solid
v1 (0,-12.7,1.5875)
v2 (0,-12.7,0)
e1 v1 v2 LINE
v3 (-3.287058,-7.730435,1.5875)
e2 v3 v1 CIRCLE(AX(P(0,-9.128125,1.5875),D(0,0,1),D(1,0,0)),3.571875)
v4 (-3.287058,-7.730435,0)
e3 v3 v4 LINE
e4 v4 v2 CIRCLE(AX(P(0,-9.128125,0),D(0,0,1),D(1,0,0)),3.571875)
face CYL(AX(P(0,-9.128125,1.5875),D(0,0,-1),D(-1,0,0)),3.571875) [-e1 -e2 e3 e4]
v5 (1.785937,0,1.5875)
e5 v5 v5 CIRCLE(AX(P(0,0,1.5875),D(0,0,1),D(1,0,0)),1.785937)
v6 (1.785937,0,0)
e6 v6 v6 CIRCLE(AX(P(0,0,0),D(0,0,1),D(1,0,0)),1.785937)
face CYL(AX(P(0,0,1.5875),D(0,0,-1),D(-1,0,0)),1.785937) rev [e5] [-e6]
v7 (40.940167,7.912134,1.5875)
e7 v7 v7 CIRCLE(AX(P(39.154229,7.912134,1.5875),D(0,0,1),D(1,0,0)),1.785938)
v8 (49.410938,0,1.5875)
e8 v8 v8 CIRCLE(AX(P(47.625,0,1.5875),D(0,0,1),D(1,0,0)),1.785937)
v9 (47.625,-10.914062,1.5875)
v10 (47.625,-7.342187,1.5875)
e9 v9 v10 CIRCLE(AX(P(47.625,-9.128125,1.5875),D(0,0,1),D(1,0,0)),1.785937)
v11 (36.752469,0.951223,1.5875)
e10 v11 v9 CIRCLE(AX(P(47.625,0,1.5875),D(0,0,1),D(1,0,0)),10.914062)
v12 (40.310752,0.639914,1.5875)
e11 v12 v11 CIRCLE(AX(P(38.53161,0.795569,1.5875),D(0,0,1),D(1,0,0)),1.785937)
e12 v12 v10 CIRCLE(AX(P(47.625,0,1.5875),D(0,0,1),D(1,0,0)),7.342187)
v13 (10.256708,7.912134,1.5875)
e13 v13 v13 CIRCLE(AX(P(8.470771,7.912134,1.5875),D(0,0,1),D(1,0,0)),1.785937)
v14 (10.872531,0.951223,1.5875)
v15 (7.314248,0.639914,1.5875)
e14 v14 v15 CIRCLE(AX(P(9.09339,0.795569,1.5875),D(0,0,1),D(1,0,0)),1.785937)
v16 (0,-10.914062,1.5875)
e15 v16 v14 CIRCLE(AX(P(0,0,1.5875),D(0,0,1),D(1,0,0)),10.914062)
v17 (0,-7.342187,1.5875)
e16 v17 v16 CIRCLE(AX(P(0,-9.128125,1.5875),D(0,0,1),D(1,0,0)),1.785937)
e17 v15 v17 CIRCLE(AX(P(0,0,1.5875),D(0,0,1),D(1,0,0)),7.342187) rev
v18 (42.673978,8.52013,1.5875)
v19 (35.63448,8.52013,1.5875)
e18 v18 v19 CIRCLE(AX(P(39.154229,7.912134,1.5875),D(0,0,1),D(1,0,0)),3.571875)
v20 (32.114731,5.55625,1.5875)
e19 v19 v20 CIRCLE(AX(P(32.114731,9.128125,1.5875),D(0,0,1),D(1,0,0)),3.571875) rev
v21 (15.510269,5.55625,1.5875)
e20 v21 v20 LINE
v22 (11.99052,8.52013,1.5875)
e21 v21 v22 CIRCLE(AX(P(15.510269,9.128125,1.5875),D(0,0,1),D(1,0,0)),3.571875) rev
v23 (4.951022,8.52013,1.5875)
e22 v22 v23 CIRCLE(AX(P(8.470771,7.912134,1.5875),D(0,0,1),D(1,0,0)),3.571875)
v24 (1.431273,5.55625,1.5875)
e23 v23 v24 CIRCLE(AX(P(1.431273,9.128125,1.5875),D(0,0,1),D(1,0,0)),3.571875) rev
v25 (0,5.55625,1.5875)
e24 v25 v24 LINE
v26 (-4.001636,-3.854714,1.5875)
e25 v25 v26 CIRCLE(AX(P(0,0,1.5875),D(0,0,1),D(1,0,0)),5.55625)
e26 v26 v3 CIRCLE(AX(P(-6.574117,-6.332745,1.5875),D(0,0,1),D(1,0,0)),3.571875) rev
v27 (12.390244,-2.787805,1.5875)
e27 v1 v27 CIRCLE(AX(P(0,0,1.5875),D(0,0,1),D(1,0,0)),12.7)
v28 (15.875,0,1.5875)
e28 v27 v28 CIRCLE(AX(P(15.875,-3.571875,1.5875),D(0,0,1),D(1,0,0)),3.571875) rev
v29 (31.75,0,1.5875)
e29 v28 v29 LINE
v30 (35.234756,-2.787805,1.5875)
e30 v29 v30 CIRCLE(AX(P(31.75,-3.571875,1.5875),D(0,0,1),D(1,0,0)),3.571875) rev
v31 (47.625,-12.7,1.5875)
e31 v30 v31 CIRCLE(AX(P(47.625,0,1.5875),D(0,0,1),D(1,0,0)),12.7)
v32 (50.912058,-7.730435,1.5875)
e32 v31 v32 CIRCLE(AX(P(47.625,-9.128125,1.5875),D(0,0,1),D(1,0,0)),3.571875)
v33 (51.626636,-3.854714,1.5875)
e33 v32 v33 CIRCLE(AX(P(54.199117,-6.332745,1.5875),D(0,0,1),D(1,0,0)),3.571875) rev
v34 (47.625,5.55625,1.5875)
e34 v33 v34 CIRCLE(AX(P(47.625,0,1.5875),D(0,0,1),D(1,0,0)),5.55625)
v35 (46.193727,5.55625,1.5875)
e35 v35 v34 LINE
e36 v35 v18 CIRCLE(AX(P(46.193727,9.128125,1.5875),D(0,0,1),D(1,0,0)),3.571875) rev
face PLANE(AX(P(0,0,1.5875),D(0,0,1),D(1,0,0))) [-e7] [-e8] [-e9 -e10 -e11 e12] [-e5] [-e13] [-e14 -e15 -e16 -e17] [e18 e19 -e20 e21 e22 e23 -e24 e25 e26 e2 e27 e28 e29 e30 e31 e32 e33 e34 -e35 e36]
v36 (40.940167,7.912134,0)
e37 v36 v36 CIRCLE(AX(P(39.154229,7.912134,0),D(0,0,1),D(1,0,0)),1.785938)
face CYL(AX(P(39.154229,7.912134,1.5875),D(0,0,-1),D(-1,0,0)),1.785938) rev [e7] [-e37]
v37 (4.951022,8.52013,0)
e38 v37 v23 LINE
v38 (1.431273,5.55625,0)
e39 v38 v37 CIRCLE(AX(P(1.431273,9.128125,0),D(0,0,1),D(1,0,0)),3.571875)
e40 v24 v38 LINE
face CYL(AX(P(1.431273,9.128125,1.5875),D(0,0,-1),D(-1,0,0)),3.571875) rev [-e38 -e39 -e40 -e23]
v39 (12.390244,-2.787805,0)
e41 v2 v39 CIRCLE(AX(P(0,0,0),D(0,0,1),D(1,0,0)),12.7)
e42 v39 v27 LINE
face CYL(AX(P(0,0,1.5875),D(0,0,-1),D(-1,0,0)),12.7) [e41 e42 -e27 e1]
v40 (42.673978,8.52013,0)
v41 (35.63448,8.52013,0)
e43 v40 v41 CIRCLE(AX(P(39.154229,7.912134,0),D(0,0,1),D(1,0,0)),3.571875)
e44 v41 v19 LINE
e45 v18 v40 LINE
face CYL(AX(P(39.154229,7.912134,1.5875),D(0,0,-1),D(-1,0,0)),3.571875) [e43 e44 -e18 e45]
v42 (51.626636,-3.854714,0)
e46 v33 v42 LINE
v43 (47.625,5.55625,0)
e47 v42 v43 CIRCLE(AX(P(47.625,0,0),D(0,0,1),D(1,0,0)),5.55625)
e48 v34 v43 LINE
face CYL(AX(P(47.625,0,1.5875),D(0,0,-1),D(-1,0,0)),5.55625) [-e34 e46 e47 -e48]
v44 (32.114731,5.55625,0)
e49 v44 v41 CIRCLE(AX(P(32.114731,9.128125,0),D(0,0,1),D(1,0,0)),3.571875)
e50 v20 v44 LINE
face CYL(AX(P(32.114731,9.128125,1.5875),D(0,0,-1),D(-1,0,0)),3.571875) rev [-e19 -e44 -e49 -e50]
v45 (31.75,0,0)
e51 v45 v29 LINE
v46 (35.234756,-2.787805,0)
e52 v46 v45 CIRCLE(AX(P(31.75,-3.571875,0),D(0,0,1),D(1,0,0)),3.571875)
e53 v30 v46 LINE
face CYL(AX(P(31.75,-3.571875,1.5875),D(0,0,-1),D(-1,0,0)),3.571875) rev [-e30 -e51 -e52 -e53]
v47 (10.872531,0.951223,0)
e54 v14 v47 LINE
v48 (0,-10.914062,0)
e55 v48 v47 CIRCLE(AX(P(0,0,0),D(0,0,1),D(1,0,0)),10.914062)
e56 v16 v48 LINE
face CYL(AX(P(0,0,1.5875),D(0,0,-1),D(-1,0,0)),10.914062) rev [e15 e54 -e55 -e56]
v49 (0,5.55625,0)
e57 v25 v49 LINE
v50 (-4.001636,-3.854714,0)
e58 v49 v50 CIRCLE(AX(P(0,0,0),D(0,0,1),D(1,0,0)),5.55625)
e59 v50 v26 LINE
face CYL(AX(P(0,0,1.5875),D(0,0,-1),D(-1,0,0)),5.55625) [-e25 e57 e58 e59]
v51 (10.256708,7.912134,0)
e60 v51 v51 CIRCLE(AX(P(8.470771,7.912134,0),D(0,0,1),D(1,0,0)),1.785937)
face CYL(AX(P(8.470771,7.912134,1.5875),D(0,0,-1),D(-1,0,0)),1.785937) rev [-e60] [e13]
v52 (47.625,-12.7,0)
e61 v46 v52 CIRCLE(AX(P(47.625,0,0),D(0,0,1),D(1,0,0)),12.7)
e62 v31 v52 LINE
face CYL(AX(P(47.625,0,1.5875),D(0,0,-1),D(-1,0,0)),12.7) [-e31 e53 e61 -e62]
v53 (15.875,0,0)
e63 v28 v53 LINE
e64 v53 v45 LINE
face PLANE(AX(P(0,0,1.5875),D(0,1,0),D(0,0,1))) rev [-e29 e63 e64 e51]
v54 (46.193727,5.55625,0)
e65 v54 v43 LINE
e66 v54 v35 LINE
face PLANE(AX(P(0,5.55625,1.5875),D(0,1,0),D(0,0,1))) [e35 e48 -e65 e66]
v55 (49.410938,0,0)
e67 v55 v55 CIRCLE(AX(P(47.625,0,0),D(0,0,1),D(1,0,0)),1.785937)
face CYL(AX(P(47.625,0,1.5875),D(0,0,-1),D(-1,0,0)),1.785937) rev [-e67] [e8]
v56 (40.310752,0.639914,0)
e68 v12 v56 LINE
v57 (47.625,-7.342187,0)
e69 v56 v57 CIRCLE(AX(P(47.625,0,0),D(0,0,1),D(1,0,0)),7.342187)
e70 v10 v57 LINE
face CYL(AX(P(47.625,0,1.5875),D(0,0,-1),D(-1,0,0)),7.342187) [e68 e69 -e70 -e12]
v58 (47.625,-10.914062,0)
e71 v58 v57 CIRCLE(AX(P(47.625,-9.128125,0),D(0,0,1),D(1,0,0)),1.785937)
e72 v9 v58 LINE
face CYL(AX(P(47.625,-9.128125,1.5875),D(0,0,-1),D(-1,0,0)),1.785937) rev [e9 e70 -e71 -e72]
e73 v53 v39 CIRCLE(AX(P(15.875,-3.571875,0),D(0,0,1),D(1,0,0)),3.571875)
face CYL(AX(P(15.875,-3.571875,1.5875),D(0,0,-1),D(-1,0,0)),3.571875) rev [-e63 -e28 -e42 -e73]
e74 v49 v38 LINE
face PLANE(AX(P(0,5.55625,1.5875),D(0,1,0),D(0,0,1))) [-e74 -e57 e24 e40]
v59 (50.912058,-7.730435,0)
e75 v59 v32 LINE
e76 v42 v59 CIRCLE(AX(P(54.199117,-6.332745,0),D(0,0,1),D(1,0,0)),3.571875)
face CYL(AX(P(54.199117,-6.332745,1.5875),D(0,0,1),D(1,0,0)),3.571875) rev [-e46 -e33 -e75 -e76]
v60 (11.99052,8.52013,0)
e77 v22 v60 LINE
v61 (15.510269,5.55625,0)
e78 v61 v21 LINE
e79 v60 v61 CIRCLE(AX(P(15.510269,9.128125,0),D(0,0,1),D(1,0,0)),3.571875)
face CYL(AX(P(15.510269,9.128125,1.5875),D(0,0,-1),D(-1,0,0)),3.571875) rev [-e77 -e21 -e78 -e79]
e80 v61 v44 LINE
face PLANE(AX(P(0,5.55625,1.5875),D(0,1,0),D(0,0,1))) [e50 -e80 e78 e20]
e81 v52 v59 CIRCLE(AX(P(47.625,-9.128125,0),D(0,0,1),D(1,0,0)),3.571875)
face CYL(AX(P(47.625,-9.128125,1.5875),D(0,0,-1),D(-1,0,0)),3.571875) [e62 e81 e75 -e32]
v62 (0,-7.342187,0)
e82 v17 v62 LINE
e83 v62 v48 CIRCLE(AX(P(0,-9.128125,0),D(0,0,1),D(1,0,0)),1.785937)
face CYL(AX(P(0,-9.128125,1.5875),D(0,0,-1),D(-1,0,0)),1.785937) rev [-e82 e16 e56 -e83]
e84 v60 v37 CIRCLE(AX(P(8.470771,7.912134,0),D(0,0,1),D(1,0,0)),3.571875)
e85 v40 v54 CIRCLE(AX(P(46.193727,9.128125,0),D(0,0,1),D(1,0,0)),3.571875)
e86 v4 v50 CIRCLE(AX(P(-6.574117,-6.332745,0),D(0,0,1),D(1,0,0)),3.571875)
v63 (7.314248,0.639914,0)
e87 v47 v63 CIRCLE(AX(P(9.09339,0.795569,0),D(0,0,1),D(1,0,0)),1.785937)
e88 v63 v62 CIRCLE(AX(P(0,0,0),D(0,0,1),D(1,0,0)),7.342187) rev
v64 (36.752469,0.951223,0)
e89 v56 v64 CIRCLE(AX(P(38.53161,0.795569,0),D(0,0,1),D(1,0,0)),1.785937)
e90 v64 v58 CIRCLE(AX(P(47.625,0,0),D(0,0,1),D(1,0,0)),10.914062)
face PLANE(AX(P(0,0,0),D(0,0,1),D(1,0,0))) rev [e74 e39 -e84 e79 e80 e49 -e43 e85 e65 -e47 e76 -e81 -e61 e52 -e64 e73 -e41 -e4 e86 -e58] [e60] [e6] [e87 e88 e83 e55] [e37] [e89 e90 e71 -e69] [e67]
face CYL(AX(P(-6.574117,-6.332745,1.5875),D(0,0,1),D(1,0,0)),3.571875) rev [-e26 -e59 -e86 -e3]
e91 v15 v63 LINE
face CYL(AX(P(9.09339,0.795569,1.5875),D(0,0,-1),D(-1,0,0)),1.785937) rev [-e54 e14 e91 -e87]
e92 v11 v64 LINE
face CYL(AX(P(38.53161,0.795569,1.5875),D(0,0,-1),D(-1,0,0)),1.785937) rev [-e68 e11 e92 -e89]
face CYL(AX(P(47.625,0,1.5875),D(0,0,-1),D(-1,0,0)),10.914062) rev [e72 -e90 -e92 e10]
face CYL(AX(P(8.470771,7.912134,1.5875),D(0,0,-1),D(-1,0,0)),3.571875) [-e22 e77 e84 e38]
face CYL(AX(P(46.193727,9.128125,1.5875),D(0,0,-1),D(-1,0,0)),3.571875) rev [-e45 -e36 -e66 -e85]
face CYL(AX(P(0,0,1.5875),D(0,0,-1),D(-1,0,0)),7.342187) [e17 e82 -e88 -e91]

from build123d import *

# Parameters (mm, degrees)
SKETCH1_R           = 1.7859375
BOSS_EXTRUDE1_DEPTH = 1.5875
FILLET1_R           = 3.571875


with BuildPart() as part:
    # Sketch1 → Boss-Extrude1 (new body)
    with BuildSketch(Plane.XY):
        with BuildLine():
            ThreePointArc((47.625, -12.7), (51.196875, -9.128125), (47.625, -5.55625))
            ThreePointArc((47.625, -5.55625), (53.18125, 0), (47.625, 5.55625))
            Line((47.625, 5.55625), (41.839019559, 5.55625))
            ThreePointArc((41.839019559, 5.55625), (39.154229109, 11.484009389), (36.469438658, 5.55625))
            Line((36.469438658, 5.55625), (11.155561342, 5.55625))
            ThreePointArc((11.155561342, 5.55625), (8.470770891, 11.484009389), (5.785980441, 5.55625))
            Line((5.785980441, 5.55625), (0, 5.55625))
            ThreePointArc((0, 5.55625), (-5.55625, 0), (0, -5.55625))
            ThreePointArc((0, -5.55625), (-3.571875, -9.128125), (0, -12.7))
            ThreePointArc((0, -12.7), (8.980256121, -8.980256121), (12.7, 0))
            Line((12.7, 0), (34.925, 0))
            ThreePointArc((34.925, 0), (38.644743879, -8.980256121), (47.625, -12.7))
        make_face()
        with BuildLine():
            ThreePointArc((0, -10.9140625), (-1.7859375, -9.128125), (0, -7.3421875))
            ThreePointArc((0, -7.3421875), (5.413228446, -4.960309977), (7.31424826, 0.639913805))
            ThreePointArc((7.31424826, 0.639913805), (8.937735019, 2.574709983), (10.872531197, 0.951223224))
            ThreePointArc((10.872531197, 0.951223224), (8.046690934, -7.37343375), (0, -10.9140625))
        make_face(mode=Mode.SUBTRACT)
        with BuildLine():
            ThreePointArc((47.625, -7.3421875), (49.4109375, -9.128125), (47.625, -10.9140625))
            ThreePointArc((47.625, -10.9140625), (39.578309066, -7.37343375), (36.752468803, 0.951223224))
            ThreePointArc((36.752468803, 0.951223224), (38.687264981, 2.574709983), (40.31075174, 0.639913805))
            ThreePointArc((40.31075174, 0.639913805), (42.211771554, -4.960309977), (47.625, -7.3421875))
        make_face(mode=Mode.SUBTRACT)
        Circle(SKETCH1_R, mode=Mode.SUBTRACT)
        with Locations((8.470770891, 7.912134389)):
            Circle(SKETCH1_R, mode=Mode.SUBTRACT)
        with Locations((47.625, 0)):
            Circle(SKETCH1_R, mode=Mode.SUBTRACT)
        with Locations((39.154229109, 7.912134389)):
            Circle(SKETCH1_R, mode=Mode.SUBTRACT)
    extrude(amount=BOSS_EXTRUDE1_DEPTH)

    # Fillet1
    fillet1_edges = [part.edges().sort_by_distance(p)[0] for p in [
        (34.925, 0, 0.79375),
        (12.7, 0, 0.79375),
        (0, -5.55625, 0.79375),
        (5.785980441, 5.55625, 0.79375),
        (11.155561342, 5.55625, 0.79375),
        (36.469438658, 5.55625, 0.79375),
        (41.839019559, 5.55625, 0.79375),
        (47.625, -5.55625, 0.79375),
    ]]
    fillet(fillet1_edges, radius=FILLET1_R)


solid = part.part
